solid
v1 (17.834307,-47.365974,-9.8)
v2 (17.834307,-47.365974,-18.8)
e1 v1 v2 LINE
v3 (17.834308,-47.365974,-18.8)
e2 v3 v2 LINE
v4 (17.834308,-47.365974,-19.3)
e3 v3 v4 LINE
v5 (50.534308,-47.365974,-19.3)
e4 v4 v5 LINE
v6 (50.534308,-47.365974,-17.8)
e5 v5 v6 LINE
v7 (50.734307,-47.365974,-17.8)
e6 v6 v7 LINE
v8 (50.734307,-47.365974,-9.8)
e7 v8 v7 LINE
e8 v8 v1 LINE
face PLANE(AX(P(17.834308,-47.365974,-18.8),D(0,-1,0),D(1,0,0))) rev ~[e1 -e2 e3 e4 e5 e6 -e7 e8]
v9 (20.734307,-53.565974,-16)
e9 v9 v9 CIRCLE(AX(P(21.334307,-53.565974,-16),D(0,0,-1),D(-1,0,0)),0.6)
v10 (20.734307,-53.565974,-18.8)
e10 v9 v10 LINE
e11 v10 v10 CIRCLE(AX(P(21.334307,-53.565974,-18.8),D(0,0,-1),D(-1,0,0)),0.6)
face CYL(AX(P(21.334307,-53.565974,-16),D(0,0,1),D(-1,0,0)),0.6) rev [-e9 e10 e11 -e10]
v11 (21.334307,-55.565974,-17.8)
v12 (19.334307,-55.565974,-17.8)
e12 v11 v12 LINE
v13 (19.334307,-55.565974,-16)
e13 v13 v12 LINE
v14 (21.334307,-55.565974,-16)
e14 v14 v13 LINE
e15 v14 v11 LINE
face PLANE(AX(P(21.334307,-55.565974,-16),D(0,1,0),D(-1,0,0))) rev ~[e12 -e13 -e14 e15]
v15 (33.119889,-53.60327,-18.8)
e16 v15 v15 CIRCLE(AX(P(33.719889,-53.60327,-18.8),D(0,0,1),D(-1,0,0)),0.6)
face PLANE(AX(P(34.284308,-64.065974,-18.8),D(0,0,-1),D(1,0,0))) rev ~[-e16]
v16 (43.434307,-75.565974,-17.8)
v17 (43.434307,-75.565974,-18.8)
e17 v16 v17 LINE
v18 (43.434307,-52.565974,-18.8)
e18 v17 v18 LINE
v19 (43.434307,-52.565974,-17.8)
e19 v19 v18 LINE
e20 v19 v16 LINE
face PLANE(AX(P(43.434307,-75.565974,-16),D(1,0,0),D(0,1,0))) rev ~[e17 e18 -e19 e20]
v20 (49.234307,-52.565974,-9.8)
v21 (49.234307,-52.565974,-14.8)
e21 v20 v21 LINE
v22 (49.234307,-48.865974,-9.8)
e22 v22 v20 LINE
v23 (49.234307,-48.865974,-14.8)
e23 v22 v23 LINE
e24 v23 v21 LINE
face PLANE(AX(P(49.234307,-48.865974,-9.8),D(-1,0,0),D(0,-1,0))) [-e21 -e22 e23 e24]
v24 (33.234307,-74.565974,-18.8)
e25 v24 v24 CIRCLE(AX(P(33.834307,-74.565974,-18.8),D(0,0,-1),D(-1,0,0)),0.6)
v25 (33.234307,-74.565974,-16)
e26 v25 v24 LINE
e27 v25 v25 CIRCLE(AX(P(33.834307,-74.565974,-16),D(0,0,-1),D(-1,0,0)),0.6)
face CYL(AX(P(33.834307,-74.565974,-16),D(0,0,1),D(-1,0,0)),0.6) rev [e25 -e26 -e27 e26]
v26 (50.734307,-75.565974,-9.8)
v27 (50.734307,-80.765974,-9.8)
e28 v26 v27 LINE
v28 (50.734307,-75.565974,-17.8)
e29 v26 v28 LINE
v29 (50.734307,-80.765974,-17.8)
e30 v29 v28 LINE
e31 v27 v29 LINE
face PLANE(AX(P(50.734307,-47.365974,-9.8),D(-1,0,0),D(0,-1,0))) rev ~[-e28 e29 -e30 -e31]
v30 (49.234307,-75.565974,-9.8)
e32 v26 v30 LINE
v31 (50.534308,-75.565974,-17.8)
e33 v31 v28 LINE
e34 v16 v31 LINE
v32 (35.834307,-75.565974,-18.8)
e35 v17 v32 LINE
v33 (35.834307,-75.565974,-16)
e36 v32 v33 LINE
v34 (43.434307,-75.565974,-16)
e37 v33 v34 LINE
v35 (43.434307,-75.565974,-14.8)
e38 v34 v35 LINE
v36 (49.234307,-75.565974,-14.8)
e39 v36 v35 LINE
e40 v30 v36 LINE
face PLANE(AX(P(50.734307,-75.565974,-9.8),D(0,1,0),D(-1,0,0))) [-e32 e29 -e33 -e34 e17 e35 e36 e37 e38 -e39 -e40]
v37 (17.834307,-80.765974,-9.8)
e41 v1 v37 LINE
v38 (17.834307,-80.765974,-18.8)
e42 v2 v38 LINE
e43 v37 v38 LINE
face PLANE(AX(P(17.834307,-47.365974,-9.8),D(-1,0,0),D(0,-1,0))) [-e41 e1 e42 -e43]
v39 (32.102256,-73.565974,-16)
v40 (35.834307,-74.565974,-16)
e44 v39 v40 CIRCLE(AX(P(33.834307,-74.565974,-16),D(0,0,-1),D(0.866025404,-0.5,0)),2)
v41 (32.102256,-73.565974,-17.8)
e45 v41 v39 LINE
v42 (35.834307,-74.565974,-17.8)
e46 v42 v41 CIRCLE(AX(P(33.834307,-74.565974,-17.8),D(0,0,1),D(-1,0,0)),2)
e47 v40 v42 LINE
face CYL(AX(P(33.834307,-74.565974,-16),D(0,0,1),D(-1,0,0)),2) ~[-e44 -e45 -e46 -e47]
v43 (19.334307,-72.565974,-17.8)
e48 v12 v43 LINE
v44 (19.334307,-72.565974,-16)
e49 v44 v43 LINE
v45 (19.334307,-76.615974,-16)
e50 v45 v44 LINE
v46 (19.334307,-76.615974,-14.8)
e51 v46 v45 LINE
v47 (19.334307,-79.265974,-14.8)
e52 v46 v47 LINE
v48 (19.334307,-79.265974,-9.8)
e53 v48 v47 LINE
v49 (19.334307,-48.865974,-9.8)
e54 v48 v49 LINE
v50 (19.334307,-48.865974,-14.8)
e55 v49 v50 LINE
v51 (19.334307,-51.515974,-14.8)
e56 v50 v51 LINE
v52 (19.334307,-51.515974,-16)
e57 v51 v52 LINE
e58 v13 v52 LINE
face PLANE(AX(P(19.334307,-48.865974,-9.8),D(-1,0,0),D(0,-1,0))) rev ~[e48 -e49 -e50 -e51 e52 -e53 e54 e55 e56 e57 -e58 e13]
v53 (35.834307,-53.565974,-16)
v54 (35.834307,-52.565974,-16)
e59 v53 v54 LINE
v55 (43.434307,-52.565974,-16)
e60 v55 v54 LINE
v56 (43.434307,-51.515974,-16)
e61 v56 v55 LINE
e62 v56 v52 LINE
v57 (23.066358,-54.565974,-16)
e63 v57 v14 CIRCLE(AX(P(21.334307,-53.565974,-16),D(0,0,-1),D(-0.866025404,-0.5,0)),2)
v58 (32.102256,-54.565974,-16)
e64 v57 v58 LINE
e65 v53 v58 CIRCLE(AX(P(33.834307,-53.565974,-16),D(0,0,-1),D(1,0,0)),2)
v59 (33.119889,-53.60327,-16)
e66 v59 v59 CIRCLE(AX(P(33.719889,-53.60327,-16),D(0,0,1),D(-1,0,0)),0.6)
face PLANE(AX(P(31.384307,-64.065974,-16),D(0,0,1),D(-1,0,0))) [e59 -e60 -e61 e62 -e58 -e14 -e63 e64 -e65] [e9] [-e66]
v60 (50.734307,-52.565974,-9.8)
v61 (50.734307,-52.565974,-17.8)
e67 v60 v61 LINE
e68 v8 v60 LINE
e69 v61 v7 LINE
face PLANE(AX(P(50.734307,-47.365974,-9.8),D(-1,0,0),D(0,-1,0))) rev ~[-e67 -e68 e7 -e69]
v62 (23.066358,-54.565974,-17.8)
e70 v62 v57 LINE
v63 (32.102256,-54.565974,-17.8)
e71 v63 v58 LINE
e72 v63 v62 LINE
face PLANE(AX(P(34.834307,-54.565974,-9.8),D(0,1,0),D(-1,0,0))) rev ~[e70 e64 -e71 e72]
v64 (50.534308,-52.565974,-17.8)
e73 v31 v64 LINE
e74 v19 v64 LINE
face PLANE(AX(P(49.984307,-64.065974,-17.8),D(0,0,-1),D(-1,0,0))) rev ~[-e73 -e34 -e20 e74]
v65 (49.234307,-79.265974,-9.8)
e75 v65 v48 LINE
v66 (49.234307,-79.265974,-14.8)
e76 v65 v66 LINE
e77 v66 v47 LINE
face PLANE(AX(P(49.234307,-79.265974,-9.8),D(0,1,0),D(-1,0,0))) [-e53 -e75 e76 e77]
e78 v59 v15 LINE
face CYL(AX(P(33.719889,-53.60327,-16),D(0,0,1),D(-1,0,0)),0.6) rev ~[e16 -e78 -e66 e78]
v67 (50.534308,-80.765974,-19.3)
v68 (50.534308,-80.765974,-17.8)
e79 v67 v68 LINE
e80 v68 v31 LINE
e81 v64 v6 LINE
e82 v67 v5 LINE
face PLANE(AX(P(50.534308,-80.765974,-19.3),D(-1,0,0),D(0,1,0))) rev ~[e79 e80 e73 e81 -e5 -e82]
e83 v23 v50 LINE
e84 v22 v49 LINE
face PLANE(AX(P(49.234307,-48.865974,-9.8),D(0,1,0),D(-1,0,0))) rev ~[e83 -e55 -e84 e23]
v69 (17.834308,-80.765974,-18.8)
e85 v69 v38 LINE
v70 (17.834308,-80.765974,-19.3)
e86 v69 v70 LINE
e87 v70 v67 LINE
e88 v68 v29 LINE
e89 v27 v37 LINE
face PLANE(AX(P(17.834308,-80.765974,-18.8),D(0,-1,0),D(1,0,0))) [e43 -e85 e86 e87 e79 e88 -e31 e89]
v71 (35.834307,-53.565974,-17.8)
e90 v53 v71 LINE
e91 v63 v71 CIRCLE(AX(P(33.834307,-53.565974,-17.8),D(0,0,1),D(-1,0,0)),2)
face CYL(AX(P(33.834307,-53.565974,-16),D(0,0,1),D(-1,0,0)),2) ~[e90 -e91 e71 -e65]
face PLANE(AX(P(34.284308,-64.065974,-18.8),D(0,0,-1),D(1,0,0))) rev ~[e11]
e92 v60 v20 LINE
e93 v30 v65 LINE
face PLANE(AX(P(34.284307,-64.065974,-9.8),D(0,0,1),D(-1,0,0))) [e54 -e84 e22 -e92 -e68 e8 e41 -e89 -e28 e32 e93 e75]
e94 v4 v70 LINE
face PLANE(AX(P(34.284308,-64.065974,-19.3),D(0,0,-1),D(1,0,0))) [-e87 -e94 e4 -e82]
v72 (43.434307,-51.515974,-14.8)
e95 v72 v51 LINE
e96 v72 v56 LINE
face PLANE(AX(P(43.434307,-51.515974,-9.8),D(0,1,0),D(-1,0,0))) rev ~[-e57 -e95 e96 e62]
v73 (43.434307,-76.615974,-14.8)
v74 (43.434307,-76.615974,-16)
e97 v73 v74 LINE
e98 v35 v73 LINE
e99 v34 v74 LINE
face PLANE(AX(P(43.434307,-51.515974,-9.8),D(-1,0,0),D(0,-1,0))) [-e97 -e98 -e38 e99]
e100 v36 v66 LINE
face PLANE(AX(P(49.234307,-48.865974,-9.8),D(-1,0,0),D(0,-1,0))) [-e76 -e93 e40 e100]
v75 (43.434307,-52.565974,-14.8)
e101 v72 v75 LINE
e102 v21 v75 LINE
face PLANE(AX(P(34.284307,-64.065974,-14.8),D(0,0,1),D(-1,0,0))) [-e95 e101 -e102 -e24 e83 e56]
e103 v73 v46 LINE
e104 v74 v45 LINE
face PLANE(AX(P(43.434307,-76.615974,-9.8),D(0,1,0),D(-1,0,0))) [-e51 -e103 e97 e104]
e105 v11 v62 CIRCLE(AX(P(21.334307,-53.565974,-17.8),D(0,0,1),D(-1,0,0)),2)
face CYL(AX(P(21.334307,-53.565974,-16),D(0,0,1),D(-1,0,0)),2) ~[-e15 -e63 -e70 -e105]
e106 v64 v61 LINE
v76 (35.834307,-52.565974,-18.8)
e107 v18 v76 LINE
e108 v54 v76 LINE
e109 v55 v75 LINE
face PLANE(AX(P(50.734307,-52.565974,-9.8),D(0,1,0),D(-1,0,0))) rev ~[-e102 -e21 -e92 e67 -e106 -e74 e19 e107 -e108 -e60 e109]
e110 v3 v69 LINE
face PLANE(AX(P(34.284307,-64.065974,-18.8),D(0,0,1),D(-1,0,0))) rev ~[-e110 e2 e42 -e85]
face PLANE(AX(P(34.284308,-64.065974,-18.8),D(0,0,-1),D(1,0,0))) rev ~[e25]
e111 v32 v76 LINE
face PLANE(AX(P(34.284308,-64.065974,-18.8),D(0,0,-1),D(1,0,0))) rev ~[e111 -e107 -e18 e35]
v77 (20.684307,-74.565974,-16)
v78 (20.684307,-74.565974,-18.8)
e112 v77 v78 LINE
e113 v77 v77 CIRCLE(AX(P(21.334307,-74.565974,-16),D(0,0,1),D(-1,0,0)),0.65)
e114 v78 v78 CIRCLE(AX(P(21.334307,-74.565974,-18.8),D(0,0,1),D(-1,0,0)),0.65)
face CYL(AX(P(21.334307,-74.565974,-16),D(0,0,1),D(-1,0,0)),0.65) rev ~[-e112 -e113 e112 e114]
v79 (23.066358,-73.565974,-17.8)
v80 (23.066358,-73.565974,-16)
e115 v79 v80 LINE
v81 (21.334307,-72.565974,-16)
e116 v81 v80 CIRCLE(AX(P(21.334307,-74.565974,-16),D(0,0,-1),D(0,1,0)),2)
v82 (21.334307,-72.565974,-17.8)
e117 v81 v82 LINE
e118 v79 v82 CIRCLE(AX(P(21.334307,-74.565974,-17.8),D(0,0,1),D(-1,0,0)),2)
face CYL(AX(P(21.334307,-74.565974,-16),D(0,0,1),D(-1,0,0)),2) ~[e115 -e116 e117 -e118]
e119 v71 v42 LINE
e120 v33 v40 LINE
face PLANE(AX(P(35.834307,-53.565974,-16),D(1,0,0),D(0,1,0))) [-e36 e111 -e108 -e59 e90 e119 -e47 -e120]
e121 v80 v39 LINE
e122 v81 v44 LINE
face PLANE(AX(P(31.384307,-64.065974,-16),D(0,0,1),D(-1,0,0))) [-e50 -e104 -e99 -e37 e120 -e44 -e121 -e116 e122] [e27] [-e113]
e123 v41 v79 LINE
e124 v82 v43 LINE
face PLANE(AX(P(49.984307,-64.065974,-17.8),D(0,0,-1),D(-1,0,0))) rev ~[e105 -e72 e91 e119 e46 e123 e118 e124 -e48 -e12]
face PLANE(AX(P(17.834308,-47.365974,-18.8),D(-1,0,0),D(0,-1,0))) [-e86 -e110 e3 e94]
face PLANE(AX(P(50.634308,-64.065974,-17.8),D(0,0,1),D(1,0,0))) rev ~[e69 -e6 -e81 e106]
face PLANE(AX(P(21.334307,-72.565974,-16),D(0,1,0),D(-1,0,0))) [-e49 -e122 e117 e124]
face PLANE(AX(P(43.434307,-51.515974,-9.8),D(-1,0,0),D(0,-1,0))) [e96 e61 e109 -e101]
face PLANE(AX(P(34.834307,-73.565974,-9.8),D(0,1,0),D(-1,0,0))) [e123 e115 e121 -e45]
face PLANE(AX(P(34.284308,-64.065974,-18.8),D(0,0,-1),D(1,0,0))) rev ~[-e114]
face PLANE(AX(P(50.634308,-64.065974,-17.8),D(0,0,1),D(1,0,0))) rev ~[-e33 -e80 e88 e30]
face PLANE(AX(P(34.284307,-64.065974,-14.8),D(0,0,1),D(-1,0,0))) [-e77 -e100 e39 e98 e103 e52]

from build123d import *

# Parameters (mm, degrees)
RECTANGLE077_W         = 0.2
RECTANGLE077_H         = 33.4
EXTRUDE207_DEPTH       = 1.5
RECTANGLE072_W         = 32.9
RECTANGLE072_H         = 33.4
EXTRUDE172_DEPTH       = 0.5
CIRCLE037_R            = 0.6
EXTRUDE166_DEPTH       = 2.8
CIRCLE036_R            = 0.6
EXTRUDE163_DEPTH       = 2.8
CIRCLE038_R            = 0.6
EXTRUDE165_DEPTH       = 2.8
CIRCLE040_R            = 0.65
EXTRUDE167_DEPTH       = 10
CIRCLE018_R            = 2
EXTRUDE155_DEPTH       = 2.1
RECTANGLE065_W         = 2
RECTANGLE065_H         = 1
EXTRUDE156_DEPTH       = 2.1
RECTANGLE064_W         = 2
RECTANGLE064_H         = 1
EXTRUDE153_DEPTH       = 2.1
CIRCLE019_R            = 2
EXTRUDE152_DEPTH       = 2.1
RECTANGLE066_W         = 1
RECTANGLE066_H         = 1
EXTRUDE150_DEPTH       = 2.1
CIRCLE020_R            = 2
EXTRUDE149_DEPTH       = 2.1
RECTANGLE070_W         = 7.6
RECTANGLE070_H         = 23
EXTRUDE162_DEPTH       = 2.8
RECTANGLE061_W         = 24.1
RECTANGLE061_H         = 25.1
EXTRUDE117_DEPTH       = 6.2
RECTANGLE063_W         = 1.5
RECTANGLE063_H         = 23
EXTRUDE128_DEPTH       = 8
RECTANGLE060_W         = 14.4
RECTANGLE060_H         = 23
EXTRUDE141_DEPTH       = 8
RECTANGLE059_W         = 15.5
RECTANGLE059_H         = 19
EXTRUDE140_DEPTH       = 8
RECTANGLE062_W         = 29.9
RECTANGLE062_H         = 30.4
EXTRUDE116_DEPTH       = 5
RECTANGLE053_W         = 32.9
RECTANGLE053_H         = 33.4
EXTRUDE107_DEPTH       = 9
RECTANGLE067_W         = 1
RECTANGLE067_H         = 1
EXTRUDE159_DEPTH       = 2.1
CIRCLE021_R            = 2
EXTRUDE158_DEPTH       = 2.1
CUT078_PLACEMENT_ANGLE = 180


with BuildPart() as extrude207:
    # Rectangle077 → Extrude207 (new body)
    with BuildSketch(Plane(origin=(50.534308, -80.765974, -19.3), x_dir=(1, 0, 0), z_dir=(0, 0, 1))):
        with Locations((0.1, 16.7)):
            Rectangle(RECTANGLE077_W, RECTANGLE077_H)
    extrude(amount=EXTRUDE207_DEPTH)


with BuildPart() as extrude172:
    # Rectangle072 (on Cut) → Extrude172 (new body)
    with BuildSketch(Plane(origin=(17.834308, -47.365974, -18.8), x_dir=(1, 0, 0), z_dir=(0, 0, -1))):
        with Locations((16.45, 16.7)):
            Rectangle(RECTANGLE072_W, RECTANGLE072_H)
    extrude(amount=EXTRUDE172_DEPTH)


with BuildPart() as extrude166:
    # Circle037 → Extrude166 (new body)
    with BuildSketch(Plane(origin=(67.748726, -53.60327, -3.6), x_dir=(1, 0, 0), z_dir=(0, 0, -1))):
        Circle(CIRCLE037_R)
    extrude(amount=-EXTRUDE166_DEPTH)


with BuildPart() as extrude163:
    # Circle036 → Extrude163 (new body)
    with BuildSketch(Plane(origin=(80.134308, -53.565974, -3.6), x_dir=(1, 0, 0), z_dir=(0, 0, 1))):
        Circle(CIRCLE036_R)
    extrude(amount=EXTRUDE163_DEPTH)


with BuildPart() as extrude165:
    # Circle038 → Extrude165 (new body)
    with BuildSketch(Plane(origin=(67.634308, -74.565974, -3.6), x_dir=(1, 0, 0), z_dir=(0, 0, 1))):
        Circle(CIRCLE038_R)
    extrude(amount=EXTRUDE165_DEPTH)


with BuildPart() as extrude167:
    # Circle040 (on Cut) → Extrude167 (new body)
    with BuildSketch(Plane(origin=(80.134308, -74.565974, -3.6), x_dir=(1, 0, 0), z_dir=(0, 0, -1))):
        Circle(CIRCLE040_R)
    extrude(amount=-EXTRUDE167_DEPTH)


with BuildPart() as extrude155:
    # Circle018 → Extrude155 (new body)
    with BuildSketch(Plane(origin=(80.134308, -53.565974, -3.6), x_dir=(1, 0, 0), z_dir=(0, 0, 1))):
        Circle(CIRCLE018_R)
    extrude(amount=EXTRUDE155_DEPTH)


with BuildPart() as fusion026:
    # Rectangle065 → Extrude156 (new body)
    with BuildSketch(Plane(origin=(80.134308, -55.565974, -3.6), x_dir=(1, 0, 0), z_dir=(0, 0, 1))):
        with Locations((1, 0.5)):
            Rectangle(RECTANGLE065_W, RECTANGLE065_H)
    extrude(amount=EXTRUDE156_DEPTH)

    # Fusion026: union Extrude155
    add(extrude155.part)


with BuildPart() as extrude153:
    # Rectangle064 → Extrude153 (new body)
    with BuildSketch(Plane(origin=(80.134308, -73.565974, -3.6), x_dir=(1, 0, 0), z_dir=(0, 0, 1))):
        with Locations((1, 0.5)):
            Rectangle(RECTANGLE064_W, RECTANGLE064_H)
    extrude(amount=EXTRUDE153_DEPTH)


with BuildPart() as fusion032:
    # Circle019 → Extrude152 (new body)
    with BuildSketch(Plane(origin=(80.134308, -74.565974, -3.6), x_dir=(1, 0, 0), z_dir=(0, 0, 1))):
        Circle(CIRCLE019_R)
    extrude(amount=EXTRUDE152_DEPTH)

    # Fusion032: union Extrude153
    add(extrude153.part)


with BuildPart() as extrude150:
    # Rectangle066 → Extrude150 (new body)
    with BuildSketch(Plane(origin=(65.634308, -75.565974, -3.6), x_dir=(1, 0, 0), z_dir=(0, 0, 1))):
        with Locations((0.5, 0.5)):
            Rectangle(RECTANGLE066_W, RECTANGLE066_H)
    extrude(amount=EXTRUDE150_DEPTH)


with BuildPart() as fusion024:
    # Circle020 → Extrude149 (new body)
    with BuildSketch(Plane(origin=(67.634308, -74.565974, -3.6), x_dir=(1, 0, 0), z_dir=(0, 0, 1))):
        Circle(CIRCLE020_R)
    extrude(amount=EXTRUDE149_DEPTH)

    # Fusion024: union Extrude150
    add(extrude150.part)


with BuildPart() as extrude162:
    # Rectangle070 → Extrude162 (new body)
    with BuildSketch(Plane(origin=(58.034308, -75.565974, -3.6), x_dir=(1, 0, 0), z_dir=(0, 0, 1))):
        with Locations((3.8, 11.5)):
            Rectangle(RECTANGLE070_W, RECTANGLE070_H)
    extrude(amount=EXTRUDE162_DEPTH)


with BuildPart() as extrude117:
    # Rectangle061 → Extrude117 (new body)
    with BuildSketch(Plane(origin=(58.034308, -51.515974, -9.8), x_dir=(1, 0, 0), z_dir=(0, 0, -1))):
        with Locations((12.05, 12.55)):
            Rectangle(RECTANGLE061_W, RECTANGLE061_H)
    extrude(amount=-EXTRUDE117_DEPTH)


with BuildPart() as extrude128:
    # Rectangle063 → Extrude128 (new body)
    with BuildSketch(Plane(origin=(50.734308, -75.565974, -9.8), x_dir=(1, 0, 0), z_dir=(0, 0, 1))):
        with Locations((0.75, 11.5)):
            Rectangle(RECTANGLE063_W, RECTANGLE063_H)
    extrude(amount=EXTRUDE128_DEPTH)


with BuildPart() as extrude141:
    # Rectangle060 → Extrude141 (new body)
    with BuildSketch(Plane(origin=(52.234308, -52.565974, -9.8), x_dir=(1, 0, 0), z_dir=(0, 0, -1))):
        with Locations((7.2, 11.5)):
            Rectangle(RECTANGLE060_W, RECTANGLE060_H)
    extrude(amount=-EXTRUDE141_DEPTH)


with BuildPart() as extrude140:
    # Rectangle059 → Extrude140 (new body)
    with BuildSketch(Plane(origin=(66.634308, -54.565974, -9.8), x_dir=(1, 0, 0), z_dir=(0, 0, -1))):
        with Locations((7.75, 9.5)):
            Rectangle(RECTANGLE059_W, RECTANGLE059_H)
    extrude(amount=-EXTRUDE140_DEPTH)


with BuildPart() as extrude116:
    # Rectangle062 → Extrude116 (new body)
    with BuildSketch(Plane(origin=(52.234308, -48.865974, -9.8), x_dir=(1, 0, 0), z_dir=(0, 0, -1))):
        with Locations((14.95, 15.2)):
            Rectangle(RECTANGLE062_W, RECTANGLE062_H)
    extrude(amount=-EXTRUDE116_DEPTH)


with BuildPart() as cut074:
    # Rectangle053 → Extrude107 (new body)
    with BuildSketch(Plane(origin=(50.734308, -47.365974, -9.8), x_dir=(1, 0, 0), z_dir=(0, 0, -1))):
        with Locations((16.45, 16.7)):
            Rectangle(RECTANGLE053_W, RECTANGLE053_H)
    extrude(amount=-EXTRUDE107_DEPTH)

    # Cut046: cut Extrude116
    add(extrude116.part, mode=Mode.SUBTRACT)

    # Cut060: cut Extrude140
    add(extrude140.part, mode=Mode.SUBTRACT)

    # Cut061: cut Extrude141
    add(extrude141.part, mode=Mode.SUBTRACT)

    # Cut062: cut Extrude128
    add(extrude128.part, mode=Mode.SUBTRACT)

    # Cut063: cut Extrude117
    add(extrude117.part, mode=Mode.SUBTRACT)

    # Cut074: cut Extrude162
    add(extrude162.part, mode=Mode.SUBTRACT)


with BuildPart() as extrude159:
    # Rectangle067 → Extrude159 (new body)
    with BuildSketch(Plane(origin=(65.634308, -53.565974, -3.6), x_dir=(1, 0, 0), z_dir=(0, 0, 1))):
        with Locations((0.5, 0.5)):
            Rectangle(RECTANGLE067_W, RECTANGLE067_H)
    extrude(amount=EXTRUDE159_DEPTH)


with BuildPart() as cut_lens_capsule:
    # Circle021 → Extrude158 (new body)
    with BuildSketch(Plane(origin=(67.634308, -53.565974, -3.6), x_dir=(1, 0, 0), z_dir=(0, 0, 1))):
        Circle(CIRCLE021_R)
    extrude(amount=EXTRUDE158_DEPTH)

    # Fusion025: union Extrude159
    add(extrude159.part)

    # Fusion033: union Fusion026, Fusion032, Fusion024, Cut074
    add(fusion026.part)
    add(fusion032.part)
    add(fusion024.part)
    add(cut074.part)

    # Cut075: cut Extrude167
    add(extrude167.part, mode=Mode.SUBTRACT)

    # Cut076: cut Extrude165
    add(extrude165.part, mode=Mode.SUBTRACT)

    # Cut077: cut Extrude163
    add(extrude163.part, mode=Mode.SUBTRACT)

    # Cut078: cut Extrude166
    add(extrude166.part, mode=Mode.SUBTRACT)


with BuildPart() as cut_lens_capsule_1:
    # Cut078 placement: moved
    add(cut_lens_capsule.part.moved(Location((101.468615, 0, -19.6))).rotate(Axis((101.468615, 0, -19.6), (0, 1, 0)), CUT078_PLACEMENT_ANGLE))

    # Fusion035: union Extrude172
    add(extrude172.part)

    # Cut108: cut Extrude207
    add(extrude207.part, mode=Mode.SUBTRACT)


solid = cut_lens_capsule_1.part
